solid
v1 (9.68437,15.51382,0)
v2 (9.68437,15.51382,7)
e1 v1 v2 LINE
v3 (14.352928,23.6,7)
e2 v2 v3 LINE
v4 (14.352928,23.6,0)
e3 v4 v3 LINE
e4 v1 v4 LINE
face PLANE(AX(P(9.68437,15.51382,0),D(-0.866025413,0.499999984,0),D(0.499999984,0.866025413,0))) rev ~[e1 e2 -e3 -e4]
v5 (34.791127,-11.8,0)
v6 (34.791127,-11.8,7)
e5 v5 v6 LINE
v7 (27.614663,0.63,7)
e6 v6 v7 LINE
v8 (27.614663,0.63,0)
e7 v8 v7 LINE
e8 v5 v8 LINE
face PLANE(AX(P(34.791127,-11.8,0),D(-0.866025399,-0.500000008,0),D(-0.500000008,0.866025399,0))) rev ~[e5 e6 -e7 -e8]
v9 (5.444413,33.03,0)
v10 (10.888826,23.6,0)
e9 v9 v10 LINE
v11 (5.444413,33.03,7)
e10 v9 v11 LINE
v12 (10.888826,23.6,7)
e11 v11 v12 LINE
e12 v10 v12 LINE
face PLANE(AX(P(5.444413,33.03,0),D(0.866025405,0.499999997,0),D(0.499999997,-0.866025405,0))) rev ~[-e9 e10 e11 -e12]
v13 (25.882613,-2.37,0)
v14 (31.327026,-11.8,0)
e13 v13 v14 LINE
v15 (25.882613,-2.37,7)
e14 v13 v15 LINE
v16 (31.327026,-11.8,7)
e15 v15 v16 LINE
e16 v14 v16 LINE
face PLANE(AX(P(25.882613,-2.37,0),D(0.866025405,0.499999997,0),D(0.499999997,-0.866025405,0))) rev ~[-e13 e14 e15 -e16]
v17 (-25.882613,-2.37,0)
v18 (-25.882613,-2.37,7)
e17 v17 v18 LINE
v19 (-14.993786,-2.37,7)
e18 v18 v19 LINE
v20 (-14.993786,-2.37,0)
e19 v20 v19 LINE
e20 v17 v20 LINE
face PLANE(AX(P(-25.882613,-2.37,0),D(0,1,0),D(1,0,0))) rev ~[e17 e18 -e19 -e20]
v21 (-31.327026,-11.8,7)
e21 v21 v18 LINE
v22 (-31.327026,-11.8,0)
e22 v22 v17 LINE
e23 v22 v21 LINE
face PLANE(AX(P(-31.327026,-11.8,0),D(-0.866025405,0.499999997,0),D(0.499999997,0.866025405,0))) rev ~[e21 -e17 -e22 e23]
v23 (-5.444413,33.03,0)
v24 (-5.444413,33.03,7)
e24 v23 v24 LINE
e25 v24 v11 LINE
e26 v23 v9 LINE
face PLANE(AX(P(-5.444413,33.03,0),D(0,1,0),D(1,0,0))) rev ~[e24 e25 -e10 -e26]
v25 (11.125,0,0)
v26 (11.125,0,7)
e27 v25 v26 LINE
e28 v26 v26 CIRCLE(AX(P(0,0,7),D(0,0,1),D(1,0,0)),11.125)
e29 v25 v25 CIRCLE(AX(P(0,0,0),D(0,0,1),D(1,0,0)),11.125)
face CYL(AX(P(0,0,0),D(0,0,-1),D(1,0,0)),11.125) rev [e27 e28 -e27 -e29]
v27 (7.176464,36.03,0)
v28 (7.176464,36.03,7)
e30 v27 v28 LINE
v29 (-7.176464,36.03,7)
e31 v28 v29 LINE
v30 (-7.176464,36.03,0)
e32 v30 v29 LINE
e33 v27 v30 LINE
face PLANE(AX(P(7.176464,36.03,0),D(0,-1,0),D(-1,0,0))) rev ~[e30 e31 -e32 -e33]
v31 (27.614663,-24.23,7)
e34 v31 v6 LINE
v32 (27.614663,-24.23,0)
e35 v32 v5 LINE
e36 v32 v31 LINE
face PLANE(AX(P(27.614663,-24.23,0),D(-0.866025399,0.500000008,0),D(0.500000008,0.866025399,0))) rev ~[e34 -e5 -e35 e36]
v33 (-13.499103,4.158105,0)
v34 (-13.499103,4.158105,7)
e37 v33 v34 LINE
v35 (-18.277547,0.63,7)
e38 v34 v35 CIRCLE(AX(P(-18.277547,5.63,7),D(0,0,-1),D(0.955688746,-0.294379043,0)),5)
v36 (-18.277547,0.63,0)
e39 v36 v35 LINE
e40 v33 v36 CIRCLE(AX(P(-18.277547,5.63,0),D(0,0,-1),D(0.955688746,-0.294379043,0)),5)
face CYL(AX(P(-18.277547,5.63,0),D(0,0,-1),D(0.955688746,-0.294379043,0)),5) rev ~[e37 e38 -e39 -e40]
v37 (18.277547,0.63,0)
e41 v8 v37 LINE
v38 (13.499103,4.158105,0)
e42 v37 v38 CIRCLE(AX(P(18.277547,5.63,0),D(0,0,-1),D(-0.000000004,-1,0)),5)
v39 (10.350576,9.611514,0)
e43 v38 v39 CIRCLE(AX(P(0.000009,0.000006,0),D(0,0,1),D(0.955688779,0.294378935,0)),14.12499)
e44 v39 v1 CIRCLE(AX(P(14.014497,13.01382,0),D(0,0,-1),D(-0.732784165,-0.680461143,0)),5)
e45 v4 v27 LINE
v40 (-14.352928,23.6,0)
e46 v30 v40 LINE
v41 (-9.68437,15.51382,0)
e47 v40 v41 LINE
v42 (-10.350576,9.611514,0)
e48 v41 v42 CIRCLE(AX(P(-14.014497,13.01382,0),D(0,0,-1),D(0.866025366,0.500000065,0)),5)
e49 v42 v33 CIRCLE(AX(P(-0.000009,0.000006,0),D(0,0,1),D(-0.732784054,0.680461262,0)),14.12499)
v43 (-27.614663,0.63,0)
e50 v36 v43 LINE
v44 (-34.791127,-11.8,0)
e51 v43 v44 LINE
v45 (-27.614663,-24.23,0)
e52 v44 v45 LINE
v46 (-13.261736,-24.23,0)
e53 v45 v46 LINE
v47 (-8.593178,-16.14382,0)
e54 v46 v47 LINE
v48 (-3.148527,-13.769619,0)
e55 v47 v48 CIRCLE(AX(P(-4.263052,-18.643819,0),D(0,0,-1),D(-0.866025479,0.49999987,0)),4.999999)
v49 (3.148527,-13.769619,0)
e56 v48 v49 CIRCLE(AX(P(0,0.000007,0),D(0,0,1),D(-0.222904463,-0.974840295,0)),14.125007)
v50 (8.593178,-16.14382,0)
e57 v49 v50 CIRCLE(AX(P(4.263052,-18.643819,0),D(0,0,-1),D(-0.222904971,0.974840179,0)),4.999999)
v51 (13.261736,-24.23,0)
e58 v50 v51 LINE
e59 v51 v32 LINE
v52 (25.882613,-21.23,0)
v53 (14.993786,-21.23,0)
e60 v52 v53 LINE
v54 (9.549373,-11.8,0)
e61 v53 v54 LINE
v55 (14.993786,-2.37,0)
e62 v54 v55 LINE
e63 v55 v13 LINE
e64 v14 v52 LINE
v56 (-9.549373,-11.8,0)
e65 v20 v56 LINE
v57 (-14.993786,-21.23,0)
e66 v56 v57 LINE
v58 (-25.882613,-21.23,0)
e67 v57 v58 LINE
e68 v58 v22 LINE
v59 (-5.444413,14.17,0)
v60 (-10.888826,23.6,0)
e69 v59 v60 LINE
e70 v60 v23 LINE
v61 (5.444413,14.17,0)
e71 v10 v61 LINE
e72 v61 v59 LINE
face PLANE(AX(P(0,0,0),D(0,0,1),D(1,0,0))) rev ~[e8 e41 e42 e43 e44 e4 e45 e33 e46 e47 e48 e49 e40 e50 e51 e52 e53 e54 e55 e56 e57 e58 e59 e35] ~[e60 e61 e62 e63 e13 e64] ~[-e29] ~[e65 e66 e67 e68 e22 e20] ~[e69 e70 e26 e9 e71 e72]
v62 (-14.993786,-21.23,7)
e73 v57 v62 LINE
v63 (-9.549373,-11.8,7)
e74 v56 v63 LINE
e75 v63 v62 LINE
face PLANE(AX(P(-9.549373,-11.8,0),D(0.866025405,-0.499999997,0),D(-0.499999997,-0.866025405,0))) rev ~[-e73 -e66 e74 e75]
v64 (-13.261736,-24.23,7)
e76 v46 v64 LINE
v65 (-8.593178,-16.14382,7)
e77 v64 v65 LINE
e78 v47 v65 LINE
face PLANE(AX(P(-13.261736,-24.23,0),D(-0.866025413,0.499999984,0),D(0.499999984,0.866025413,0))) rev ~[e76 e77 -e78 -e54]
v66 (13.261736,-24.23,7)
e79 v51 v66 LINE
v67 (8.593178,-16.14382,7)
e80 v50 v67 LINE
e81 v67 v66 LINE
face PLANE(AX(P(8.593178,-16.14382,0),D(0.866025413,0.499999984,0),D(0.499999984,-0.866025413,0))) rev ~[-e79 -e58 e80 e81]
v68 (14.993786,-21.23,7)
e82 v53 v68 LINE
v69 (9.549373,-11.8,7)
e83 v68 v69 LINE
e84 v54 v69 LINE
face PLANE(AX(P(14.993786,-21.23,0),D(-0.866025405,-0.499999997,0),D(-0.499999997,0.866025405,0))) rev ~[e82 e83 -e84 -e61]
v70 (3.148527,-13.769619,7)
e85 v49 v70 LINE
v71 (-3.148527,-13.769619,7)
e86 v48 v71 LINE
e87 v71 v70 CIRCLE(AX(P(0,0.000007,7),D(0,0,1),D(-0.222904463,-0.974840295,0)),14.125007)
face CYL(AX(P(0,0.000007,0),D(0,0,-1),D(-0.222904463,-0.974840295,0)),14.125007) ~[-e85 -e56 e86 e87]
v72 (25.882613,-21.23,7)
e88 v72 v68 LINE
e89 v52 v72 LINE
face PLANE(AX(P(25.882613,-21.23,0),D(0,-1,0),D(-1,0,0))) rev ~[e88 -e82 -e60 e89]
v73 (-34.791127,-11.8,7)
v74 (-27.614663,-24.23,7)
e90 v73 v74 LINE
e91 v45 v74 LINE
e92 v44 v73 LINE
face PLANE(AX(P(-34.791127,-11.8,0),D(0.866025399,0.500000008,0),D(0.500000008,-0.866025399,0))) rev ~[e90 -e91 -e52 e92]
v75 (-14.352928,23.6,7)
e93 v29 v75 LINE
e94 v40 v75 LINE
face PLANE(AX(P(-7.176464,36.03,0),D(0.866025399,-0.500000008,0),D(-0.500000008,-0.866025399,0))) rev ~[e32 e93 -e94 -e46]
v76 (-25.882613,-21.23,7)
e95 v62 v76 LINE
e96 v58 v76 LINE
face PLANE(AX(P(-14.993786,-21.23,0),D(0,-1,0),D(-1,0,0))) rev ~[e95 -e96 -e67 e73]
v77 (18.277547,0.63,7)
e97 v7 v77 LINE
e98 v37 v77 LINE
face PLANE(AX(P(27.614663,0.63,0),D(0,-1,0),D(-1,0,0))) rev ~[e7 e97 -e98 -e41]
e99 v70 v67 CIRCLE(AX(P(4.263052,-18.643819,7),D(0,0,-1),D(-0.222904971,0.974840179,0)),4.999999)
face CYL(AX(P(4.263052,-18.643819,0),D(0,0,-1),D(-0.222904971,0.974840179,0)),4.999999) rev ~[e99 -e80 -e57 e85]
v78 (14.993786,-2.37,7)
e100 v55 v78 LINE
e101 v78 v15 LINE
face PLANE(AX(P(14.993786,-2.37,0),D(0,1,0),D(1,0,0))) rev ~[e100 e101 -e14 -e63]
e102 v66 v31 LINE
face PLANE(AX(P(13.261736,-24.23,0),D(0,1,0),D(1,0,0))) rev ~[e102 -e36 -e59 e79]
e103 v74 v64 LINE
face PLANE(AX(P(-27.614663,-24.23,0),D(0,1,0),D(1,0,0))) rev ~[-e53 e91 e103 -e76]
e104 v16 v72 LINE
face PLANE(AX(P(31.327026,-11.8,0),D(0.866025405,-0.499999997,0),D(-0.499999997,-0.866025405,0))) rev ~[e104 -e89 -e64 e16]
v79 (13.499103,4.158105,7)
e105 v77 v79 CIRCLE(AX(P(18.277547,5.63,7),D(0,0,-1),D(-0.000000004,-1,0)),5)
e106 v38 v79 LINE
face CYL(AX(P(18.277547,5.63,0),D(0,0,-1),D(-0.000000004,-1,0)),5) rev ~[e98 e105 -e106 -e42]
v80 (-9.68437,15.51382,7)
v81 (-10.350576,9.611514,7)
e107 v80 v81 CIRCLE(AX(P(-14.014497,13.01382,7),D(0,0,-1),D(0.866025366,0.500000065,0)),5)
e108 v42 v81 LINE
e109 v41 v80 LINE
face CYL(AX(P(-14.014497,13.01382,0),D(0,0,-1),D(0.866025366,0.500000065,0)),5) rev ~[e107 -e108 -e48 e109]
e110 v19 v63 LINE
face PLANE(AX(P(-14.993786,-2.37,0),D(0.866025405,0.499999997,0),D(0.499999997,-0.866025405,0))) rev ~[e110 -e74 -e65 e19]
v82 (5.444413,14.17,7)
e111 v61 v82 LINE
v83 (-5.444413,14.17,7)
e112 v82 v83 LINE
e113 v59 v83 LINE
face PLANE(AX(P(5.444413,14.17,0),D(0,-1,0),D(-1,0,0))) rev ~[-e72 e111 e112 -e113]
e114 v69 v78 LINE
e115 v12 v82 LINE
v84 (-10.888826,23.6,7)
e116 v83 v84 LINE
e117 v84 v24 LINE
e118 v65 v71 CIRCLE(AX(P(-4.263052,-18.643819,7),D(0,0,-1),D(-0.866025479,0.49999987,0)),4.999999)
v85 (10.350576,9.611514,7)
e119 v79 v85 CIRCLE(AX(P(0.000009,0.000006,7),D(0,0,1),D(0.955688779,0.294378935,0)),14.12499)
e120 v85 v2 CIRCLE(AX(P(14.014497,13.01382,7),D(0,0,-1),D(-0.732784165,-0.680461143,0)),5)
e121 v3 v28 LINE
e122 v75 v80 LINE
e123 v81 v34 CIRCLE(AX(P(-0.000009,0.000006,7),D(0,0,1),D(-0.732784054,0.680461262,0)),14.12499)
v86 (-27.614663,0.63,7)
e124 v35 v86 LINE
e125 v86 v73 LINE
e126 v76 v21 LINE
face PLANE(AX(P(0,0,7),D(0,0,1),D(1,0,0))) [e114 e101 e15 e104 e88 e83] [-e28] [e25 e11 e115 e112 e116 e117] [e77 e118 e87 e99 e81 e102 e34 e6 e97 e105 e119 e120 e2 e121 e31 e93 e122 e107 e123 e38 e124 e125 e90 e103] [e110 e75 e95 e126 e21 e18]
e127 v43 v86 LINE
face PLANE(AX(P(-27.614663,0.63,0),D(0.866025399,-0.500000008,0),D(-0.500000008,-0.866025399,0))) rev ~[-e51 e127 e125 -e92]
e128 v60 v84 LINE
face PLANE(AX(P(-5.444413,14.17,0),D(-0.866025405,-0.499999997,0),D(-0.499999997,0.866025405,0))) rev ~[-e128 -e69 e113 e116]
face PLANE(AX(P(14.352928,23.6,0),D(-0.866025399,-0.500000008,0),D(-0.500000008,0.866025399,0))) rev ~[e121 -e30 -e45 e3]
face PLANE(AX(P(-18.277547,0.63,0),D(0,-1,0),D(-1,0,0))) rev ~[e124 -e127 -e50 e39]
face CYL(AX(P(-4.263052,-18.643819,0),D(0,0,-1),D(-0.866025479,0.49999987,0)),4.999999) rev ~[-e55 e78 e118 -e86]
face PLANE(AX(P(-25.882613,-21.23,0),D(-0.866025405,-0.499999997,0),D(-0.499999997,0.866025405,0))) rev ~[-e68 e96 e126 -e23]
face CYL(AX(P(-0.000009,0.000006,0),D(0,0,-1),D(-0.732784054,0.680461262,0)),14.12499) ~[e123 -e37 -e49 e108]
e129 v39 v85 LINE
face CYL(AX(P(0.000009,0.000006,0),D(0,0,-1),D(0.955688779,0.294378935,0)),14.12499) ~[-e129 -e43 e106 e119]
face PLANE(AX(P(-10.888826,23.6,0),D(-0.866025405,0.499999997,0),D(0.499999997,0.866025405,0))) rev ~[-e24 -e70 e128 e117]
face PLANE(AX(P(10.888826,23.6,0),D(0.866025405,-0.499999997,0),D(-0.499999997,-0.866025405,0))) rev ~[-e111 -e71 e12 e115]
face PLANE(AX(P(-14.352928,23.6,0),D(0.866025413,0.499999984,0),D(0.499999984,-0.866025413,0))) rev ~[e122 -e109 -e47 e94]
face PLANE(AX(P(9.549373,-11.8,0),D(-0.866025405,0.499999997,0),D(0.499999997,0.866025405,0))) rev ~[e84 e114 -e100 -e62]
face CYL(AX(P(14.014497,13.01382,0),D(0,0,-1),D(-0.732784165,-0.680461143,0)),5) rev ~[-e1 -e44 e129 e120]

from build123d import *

# Parameters (mm, degrees)
F0_R     = 11.125
F1_DEPTH = 7


with BuildPart() as f1:
    # F0 (on Top) → F1 (new body)
    with BuildSketch(Plane.XY):
        with BuildLine():
            Line((7.176464, 36.03), (-7.176464, 36.03))
            Line((-7.176464, 36.03), (-14.352928, 23.6))
            Line((-14.352928, 23.6), (-9.68437, 15.51382))
            ThreePointArc((-9.68437, 15.51382), (-9.046046, 12.45302), (-10.350576, 9.611514))
            ThreePointArc((-10.350576, 9.611514), (-12.232609, 7.0625), (-13.499103, 4.158105))
            ThreePointArc((-13.499103, 4.158105), (-15.307655, 1.607595), (-18.277547, 0.63))
            Line((-18.277547, 0.63), (-27.614663, 0.63))
            Line((-27.614663, 0.63), (-34.791127, -11.8))
            Line((-34.791127, -11.8), (-27.614663, -24.23))
            Line((-27.614663, -24.23), (-13.261736, -24.23))
            Line((-13.261736, -24.23), (-8.593178, -16.14382))
            ThreePointArc((-8.593178, -16.14382), (-6.261609, -14.060615), (-3.148527, -13.769619))
            ThreePointArc((-3.148527, -13.769619), (0, -14.125), (3.148527, -13.769619))
            ThreePointArc((3.148527, -13.769619), (6.261609, -14.060615), (8.593178, -16.14382))
            Line((8.593178, -16.14382), (13.261736, -24.23))
            Line((13.261736, -24.23), (27.614663, -24.23))
            Line((27.614663, -24.23), (34.791127, -11.8))
            Line((34.791127, -11.8), (27.614663, 0.63))
            Line((27.614663, 0.63), (18.277547, 0.63))
            ThreePointArc((18.277547, 0.63), (15.307655, 1.607595), (13.499103, 4.158105))
            ThreePointArc((13.499103, 4.158105), (12.232609, 7.0625), (10.350576, 9.611514))
            ThreePointArc((10.350576, 9.611514), (9.046046, 12.45302), (9.68437, 15.51382))
            Line((9.68437, 15.51382), (14.352928, 23.6))
            Line((14.352928, 23.6), (7.176464, 36.03))
        make_face()
        Polygon((-31.327026, -11.8), (-25.882613, -2.37), (-14.993786, -2.37), (-9.549373, -11.8), (-14.993786, -21.23), (-25.882613, -21.23), align=None, mode=Mode.SUBTRACT)
        Polygon((25.882613, -21.23), (14.993786, -21.23), (9.549373, -11.8), (14.993786, -2.37), (25.882613, -2.37), (31.327026, -11.8), align=None, mode=Mode.SUBTRACT)
        Circle(F0_R, mode=Mode.SUBTRACT)
        Polygon((-10.888826, 23.6), (-5.444413, 33.03), (5.444413, 33.03), (10.888826, 23.6), (5.444413, 14.17), (-5.444413, 14.17), align=None, mode=Mode.SUBTRACT)
    extrude(amount=F1_DEPTH)


solid = f1.part
